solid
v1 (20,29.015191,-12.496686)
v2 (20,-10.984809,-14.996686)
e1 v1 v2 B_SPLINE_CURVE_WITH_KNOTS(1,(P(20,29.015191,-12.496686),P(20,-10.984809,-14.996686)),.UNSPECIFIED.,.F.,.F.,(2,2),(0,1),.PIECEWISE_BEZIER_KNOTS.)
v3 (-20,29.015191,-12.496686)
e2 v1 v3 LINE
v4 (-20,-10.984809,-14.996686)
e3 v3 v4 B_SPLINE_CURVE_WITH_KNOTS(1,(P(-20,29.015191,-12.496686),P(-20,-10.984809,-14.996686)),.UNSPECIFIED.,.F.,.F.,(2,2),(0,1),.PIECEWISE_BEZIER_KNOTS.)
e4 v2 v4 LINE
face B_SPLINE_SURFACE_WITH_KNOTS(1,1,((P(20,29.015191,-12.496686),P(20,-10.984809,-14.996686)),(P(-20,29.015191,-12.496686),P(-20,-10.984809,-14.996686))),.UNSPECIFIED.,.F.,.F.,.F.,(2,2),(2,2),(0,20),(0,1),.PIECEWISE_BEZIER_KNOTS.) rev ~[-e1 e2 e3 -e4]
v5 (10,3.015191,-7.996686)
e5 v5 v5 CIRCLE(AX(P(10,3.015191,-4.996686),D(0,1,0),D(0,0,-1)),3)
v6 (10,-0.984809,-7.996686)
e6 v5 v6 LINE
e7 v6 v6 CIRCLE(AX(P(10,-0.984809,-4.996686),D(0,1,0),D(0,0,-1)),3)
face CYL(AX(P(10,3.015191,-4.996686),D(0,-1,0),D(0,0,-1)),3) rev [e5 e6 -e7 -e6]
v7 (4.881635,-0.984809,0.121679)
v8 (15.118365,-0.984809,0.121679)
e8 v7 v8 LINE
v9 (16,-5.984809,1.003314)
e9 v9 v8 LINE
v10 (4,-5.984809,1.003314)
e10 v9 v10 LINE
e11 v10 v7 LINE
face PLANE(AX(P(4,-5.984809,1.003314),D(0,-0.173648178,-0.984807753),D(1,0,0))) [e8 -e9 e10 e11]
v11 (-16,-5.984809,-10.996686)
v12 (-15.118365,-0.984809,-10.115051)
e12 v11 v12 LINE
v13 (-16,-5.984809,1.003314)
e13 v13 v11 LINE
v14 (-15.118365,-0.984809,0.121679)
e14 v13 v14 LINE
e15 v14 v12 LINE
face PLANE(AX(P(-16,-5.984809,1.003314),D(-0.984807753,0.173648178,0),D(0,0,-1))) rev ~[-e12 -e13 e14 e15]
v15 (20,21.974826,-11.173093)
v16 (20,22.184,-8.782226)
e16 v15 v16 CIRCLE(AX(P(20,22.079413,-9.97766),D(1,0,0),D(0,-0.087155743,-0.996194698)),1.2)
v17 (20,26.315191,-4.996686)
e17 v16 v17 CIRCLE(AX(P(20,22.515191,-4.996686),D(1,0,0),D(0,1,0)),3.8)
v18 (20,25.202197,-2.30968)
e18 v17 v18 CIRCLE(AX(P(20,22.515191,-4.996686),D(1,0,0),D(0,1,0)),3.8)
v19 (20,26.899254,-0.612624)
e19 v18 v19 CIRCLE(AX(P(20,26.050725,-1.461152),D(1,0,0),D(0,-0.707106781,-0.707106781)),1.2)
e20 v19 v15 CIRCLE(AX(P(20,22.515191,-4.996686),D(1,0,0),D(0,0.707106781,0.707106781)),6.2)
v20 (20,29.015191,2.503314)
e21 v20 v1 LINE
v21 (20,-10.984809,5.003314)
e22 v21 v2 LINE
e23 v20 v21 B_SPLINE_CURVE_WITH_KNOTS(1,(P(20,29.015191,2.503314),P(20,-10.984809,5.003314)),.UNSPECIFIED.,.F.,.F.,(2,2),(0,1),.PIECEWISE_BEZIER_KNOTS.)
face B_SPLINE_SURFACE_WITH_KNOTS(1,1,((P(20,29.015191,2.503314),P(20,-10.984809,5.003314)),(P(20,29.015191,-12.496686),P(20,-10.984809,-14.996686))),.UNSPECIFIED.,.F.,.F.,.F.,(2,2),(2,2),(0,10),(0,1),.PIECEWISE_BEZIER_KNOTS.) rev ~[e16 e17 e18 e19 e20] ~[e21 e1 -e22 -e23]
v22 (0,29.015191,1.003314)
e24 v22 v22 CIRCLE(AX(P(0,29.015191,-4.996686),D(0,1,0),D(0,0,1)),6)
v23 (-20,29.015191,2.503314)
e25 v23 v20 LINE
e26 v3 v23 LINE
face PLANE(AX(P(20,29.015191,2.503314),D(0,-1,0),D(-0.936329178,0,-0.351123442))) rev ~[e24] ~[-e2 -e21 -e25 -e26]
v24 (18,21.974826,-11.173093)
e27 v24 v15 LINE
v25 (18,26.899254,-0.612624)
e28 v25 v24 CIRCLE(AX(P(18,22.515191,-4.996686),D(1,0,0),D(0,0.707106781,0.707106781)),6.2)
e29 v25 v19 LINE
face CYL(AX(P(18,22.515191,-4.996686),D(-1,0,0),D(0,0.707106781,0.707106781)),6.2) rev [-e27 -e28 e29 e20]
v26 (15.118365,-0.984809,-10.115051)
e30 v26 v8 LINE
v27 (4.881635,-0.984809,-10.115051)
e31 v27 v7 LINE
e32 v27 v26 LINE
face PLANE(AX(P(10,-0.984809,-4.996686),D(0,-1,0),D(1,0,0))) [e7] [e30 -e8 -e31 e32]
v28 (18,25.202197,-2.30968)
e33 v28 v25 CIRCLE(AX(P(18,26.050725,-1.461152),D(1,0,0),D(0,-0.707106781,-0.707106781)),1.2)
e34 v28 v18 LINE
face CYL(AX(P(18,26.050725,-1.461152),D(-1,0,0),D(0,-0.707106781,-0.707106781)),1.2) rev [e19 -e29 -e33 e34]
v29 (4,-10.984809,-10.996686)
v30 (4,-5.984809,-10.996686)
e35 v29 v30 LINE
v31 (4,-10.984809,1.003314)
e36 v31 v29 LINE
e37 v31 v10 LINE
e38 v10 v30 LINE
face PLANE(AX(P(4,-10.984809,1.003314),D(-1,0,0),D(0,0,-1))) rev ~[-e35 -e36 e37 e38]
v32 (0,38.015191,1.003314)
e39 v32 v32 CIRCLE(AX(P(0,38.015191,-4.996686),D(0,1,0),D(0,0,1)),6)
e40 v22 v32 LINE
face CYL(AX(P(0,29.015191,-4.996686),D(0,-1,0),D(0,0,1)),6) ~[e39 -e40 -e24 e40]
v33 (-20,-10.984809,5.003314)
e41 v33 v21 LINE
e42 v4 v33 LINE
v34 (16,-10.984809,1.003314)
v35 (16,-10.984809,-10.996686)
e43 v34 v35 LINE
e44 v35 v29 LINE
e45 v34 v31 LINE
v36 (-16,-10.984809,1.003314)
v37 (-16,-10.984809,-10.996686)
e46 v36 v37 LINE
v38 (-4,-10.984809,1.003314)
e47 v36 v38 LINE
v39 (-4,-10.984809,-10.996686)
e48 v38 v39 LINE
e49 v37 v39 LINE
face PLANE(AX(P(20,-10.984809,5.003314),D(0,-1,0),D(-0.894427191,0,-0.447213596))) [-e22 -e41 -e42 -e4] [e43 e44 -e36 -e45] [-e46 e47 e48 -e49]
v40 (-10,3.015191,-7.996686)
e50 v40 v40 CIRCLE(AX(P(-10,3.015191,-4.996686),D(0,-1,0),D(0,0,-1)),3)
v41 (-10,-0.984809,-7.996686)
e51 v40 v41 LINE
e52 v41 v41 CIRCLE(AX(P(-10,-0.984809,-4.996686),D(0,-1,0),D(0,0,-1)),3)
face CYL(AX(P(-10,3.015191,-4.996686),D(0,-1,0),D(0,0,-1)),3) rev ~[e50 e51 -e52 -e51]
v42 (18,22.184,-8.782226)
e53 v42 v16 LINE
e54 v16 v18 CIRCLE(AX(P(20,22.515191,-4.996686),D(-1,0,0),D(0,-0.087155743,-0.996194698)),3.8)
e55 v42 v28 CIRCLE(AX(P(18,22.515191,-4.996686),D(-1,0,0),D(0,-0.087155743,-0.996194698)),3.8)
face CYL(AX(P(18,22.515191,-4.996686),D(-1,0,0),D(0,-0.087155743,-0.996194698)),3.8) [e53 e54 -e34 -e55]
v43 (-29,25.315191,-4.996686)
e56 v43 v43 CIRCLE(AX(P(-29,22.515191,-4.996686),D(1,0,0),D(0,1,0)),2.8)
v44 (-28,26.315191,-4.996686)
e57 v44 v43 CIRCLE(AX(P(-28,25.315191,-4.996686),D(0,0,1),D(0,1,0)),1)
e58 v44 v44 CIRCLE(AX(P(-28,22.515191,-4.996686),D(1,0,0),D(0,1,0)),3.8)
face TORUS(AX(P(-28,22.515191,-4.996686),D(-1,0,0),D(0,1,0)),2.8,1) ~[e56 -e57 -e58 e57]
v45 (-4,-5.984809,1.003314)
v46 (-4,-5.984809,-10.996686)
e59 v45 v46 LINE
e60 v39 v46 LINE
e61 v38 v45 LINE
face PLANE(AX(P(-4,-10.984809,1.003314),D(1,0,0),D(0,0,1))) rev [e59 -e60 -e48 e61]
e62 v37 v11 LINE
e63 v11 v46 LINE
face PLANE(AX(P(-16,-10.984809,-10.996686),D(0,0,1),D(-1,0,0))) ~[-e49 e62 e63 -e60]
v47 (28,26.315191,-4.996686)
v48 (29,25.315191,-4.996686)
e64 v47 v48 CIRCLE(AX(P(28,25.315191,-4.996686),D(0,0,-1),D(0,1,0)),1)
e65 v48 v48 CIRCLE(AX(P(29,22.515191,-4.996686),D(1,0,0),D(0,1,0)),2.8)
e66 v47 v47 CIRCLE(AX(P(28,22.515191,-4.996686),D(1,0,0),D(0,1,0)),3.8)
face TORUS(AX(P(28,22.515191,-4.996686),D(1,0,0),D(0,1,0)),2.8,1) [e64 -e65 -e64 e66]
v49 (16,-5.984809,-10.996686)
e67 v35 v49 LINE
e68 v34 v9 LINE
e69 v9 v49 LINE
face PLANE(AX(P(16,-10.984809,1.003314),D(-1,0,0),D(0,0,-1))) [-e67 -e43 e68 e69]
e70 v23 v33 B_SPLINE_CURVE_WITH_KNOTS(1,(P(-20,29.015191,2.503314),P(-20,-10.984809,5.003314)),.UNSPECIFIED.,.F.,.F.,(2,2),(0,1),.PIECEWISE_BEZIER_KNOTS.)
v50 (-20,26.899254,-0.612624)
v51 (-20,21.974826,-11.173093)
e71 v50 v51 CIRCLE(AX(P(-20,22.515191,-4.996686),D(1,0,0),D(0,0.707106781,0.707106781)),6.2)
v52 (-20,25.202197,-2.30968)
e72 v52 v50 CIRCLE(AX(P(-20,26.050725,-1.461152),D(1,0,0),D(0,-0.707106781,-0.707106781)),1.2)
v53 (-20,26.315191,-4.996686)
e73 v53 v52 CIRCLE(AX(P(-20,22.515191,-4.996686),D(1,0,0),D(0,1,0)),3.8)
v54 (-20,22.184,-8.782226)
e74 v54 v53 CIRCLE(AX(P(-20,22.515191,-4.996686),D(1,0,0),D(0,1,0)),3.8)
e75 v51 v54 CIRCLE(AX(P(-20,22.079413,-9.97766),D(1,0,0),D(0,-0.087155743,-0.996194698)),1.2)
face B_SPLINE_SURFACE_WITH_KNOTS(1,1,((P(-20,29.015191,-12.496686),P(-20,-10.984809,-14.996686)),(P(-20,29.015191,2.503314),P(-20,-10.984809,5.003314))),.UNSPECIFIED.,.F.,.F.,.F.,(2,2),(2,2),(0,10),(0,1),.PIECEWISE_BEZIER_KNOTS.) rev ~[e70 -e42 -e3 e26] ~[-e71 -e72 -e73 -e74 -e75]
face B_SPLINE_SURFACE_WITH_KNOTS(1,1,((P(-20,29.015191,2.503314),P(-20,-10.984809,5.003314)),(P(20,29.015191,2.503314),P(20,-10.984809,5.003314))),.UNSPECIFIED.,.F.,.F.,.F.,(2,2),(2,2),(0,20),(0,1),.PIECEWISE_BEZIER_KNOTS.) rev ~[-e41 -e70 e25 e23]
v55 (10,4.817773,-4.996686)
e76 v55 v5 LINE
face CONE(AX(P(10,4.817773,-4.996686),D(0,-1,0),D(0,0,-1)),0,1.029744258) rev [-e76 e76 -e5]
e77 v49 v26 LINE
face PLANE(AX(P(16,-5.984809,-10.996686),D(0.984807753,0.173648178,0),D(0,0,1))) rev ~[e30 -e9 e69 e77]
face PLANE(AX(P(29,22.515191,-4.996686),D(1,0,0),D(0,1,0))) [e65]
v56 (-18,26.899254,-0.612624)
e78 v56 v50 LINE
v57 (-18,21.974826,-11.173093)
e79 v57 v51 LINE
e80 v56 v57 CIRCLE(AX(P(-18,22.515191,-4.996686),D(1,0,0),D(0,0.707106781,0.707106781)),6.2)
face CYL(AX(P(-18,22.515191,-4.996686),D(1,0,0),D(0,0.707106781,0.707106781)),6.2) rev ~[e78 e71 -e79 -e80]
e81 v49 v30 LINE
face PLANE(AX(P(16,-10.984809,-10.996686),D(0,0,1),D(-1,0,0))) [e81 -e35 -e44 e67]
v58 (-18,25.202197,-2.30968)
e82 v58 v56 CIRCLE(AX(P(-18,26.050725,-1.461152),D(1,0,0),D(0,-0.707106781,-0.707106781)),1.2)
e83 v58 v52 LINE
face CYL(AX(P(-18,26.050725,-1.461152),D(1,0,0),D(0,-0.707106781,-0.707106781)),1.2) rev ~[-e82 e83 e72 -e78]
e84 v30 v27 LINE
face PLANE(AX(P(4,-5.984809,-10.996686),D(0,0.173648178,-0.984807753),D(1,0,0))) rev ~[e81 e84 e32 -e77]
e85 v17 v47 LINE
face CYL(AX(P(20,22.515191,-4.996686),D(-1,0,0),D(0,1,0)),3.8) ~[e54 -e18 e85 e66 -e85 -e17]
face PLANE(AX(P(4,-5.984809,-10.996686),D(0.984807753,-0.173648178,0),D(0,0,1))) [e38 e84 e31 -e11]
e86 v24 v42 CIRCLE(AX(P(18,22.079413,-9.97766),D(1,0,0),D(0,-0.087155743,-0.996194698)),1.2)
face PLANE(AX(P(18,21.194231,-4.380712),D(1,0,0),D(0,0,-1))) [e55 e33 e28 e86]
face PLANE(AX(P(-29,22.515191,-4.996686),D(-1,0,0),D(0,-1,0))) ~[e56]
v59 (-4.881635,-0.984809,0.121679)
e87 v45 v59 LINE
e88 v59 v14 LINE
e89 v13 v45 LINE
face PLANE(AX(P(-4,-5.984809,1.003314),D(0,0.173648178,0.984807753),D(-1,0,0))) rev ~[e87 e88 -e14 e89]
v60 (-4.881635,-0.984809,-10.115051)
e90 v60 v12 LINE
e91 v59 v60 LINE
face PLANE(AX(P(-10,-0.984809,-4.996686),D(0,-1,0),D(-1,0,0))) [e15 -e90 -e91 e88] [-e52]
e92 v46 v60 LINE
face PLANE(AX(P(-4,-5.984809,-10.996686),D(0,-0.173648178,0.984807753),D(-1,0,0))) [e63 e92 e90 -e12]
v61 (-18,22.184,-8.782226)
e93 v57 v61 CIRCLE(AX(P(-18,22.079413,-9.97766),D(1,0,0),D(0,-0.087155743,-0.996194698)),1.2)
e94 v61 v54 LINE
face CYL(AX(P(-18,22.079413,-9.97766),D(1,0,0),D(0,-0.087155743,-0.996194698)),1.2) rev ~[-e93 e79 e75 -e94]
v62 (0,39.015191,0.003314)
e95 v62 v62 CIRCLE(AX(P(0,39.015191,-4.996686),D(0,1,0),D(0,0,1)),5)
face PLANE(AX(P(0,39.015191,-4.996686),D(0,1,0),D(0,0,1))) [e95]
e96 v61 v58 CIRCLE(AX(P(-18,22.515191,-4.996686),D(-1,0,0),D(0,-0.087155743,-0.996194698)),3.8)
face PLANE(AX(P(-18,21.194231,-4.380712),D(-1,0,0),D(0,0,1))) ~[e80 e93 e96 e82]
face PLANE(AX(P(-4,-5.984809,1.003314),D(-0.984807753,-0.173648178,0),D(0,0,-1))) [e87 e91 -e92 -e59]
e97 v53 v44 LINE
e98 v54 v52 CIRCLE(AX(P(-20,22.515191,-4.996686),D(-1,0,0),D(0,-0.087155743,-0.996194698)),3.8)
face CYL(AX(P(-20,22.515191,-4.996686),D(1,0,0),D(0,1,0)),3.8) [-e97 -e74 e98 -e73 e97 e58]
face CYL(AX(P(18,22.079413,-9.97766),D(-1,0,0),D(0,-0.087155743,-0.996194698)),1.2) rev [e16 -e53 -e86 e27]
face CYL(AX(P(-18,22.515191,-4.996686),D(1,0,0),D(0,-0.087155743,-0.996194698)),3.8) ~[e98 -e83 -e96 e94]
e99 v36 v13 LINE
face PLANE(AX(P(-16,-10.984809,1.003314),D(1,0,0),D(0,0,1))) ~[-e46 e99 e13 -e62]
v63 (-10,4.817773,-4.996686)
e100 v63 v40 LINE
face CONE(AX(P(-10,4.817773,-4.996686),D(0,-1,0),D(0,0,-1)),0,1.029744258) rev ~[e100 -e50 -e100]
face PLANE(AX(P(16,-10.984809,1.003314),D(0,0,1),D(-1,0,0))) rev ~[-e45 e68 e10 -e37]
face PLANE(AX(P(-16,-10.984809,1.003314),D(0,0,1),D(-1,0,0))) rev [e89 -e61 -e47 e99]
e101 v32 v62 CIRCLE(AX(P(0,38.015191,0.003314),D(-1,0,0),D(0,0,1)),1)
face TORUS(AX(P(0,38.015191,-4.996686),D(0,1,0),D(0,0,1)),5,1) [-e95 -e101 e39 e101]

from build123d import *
from build123d.topology import SkipClean

# Parameters (mm, degrees)
SKETCH13_R                                  = 3
HEAD_PIN_DEPTH                              = 5
SKETCH2_W                                   = 6
SKETCH2_H                                   = 6
HIP_HOLE_PART_1_DEPTH                       = 2.5
SKETCH3_W                                   = 6
SKETCH3_H                                   = 6
HIP_HOLE_PART_2_DEPTH                       = 2.5
HIP_HOLE_PART_2_DRAFT                       = -10
SKETCH14_R                                  = 1.9
ARM_PIN_DEPTH                               = 4.5
ARM_START                                   = -1
ARM_POSITION_SLOT_DEPTH                     = 1
EASY_ARM_INSERT_R                           = 0.5
COPYING_OVER_ARM_AND_HIP_CONNECTORS_COPY_W  = 6
COPYING_OVER_ARM_AND_HIP_CONNECTORS_COPY_H  = 6
COPYING_OVER_ARM_AND_HIP_CONNECTORS_2_DEPTH = 2.5
COPYING_OVER_ARM_AND_HIP_CONNECTORS_2_DRAFT = -10
EASY_ARM_INSERT_OF_COPYING_OVER_ARM_AND_R   = 0.5
EASY_HEAD_INSERT_R                          = 0.5
SCALE1_SCALE                                = 2


with BuildPart() as part:
    # 3DSketch1 → Body section 0
    with BuildSketch(Plane(origin=(10, 20, -1.25), x_dir=(-0.9363291775690445, 0, -0.35112344158839165), z_dir=(0, -1, 0))):
        with BuildLine():
            Line((0, 0), (2.633425812, 7.022468832))
            Line((2.633425812, 7.022468832), (21.360009363, 0))
            Line((21.360009363, 0), (18.726583551, -7.022468832))
            Line((18.726583551, -7.022468832), (0, 0))
        make_face()
    # Sketch1 → Body section 1
    with BuildSketch(Plane(origin=(0, 0, 0), x_dir=(1, 0, 0), z_dir=(0, 1, 0))):
        with BuildLine():
            Line((-10, 0), (10, 0))
            Line((10, 0), (10, 10))
            Line((10, 10), (-10, 10))
            Line((-10, 10), (-10, 0))
        make_face()
    loft()

    # Sketch13 → Head pin (add)
    with BuildSketch(Plane(origin=(0, 20, 0), x_dir=(1, 0, 0), z_dir=(0, 1, 0))):
        with Locations(Location((0, 5, 0), (0, 0, 270))):
            Circle(SKETCH13_R)
    extrude(amount=HEAD_PIN_DEPTH)

    # Sketch2 → Hip hole part 1 (cut)
    with BuildSketch(Plane(origin=(0, 0, 0), x_dir=(-1, 0, 0), z_dir=(0, -1, 0))):
        with Locations((-5, 5)):
            Rectangle(SKETCH2_W, SKETCH2_H)
    hip_hole_part_1 = extrude(amount=-HIP_HOLE_PART_1_DEPTH, mode=Mode.SUBTRACT)


with BuildPart() as hip_hole_part_2_tool:
    # Sketch3 → Hip hole part 2 (with draft: the straight prism first)
    with BuildSketch(Plane.XZ.offset(-2.5)):
        with Locations((5, -5)):
            Rectangle(SKETCH3_W, SKETCH3_H)
    extrude(amount=-HIP_HOLE_PART_2_DEPTH)
    # Hip hole part 2: the draft: its side faces are tilted about the plane it starts from
    hip_hole_part_2_sides = [hip_hole_part_2_tool.faces().sort_by_distance(p)[0] for p in [
        (8, 3.75, -5),
        (5, 3.75, -2),
        (2, 3.75, -5),
        (5, 3.75, -8),
    ]]
    draft(hip_hole_part_2_sides, Plane.XZ.offset(-2.5), HIP_HOLE_PART_2_DRAFT)


with BuildPart() as part_1:
    add(part.part)

    # Hip hole part 2: cut by hip_hole_part_2_tool
    add(hip_hole_part_2_tool.part, mode=Mode.SUBTRACT)

    # Sketch18 → Weight reduction/Make it easy to add centerlines (revolve, cut)
    with BuildSketch(Plane(origin=(5, 5, -5), x_dir=(0, 0, -1), z_dir=(1, 0, 0))):
        Polygon((0, 0), (0, 2.901290929), (1.5, 2), (1.5, 0), align=None)
    weight_reduction_make_it_easy_to_add_cen = revolve(axis=Axis((5, -1.35, -5), (0, 1, 0)), mode=Mode.SUBTRACT)

    # Sketch14 → Arm pin (add)
    with BuildSketch(Plane(origin=(10, 0, 0), x_dir=(0, 0, -1), z_dir=(1, 0, 0))):
        with Locations(Location((5, 16.75, 0), (0, 0, 90))):
            Circle(SKETCH14_R)
    arm_pin = extrude(amount=ARM_PIN_DEPTH)

    # Sketch15 → Arm position slot (cut)
    with SkipClean():  # the faces are left unmerged after this step: merging them gives an invalid solid
        with BuildSketch(Plane(origin=(10, 0, 0), x_dir=(0, 0, -1), z_dir=(1, 0, 0)).offset(ARM_START)):
            with BuildLine():
                ThreePointArc((2.807968978, 18.942031022), (3.689883389, 13.94044586), (8.088203564, 16.479817197))
                ThreePointArc((8.088203564, 16.479817197), (7.542780191, 17.129827462), (6.892769926, 16.584404089))
                ThreePointArc((6.892769926, 16.584404089), (4.197025303, 15.028015205), (3.656497116, 18.093502884))
                ThreePointArc((3.656497116, 18.093502884), (3.656497116, 18.942031022), (2.807968978, 18.942031022))
            make_face()
        arm_position_slot = extrude(amount=ARM_POSITION_SLOT_DEPTH, mode=Mode.SUBTRACT)

    # Easy arm insert
    easy_arm_insert_edges = [part_1.edges().sort_by_distance(p)[0] for p in [
        (14.5, 14.85, -5),
    ]]
    fillet(easy_arm_insert_edges, radius=EASY_ARM_INSERT_R)

    # Copying over arm and hip connectors: Hip hole part 1, Weight reduction/Make it easy to add centerlines, Arm pin, Arm position slot across plane
    with SkipClean():  # the faces are left unmerged after this step: merging them gives an invalid solid
        add(hip_hole_part_1.mirror(Plane(origin=(0, 0, 0), x_dir=(0, 0, 1), z_dir=(1, 0, 0))), mode=Mode.SUBTRACT)
        add(weight_reduction_make_it_easy_to_add_cen.mirror(Plane(origin=(0, 0, 0), x_dir=(0, 0, 1), z_dir=(1, 0, 0))), mode=Mode.SUBTRACT)
        add(arm_pin.mirror(Plane(origin=(0, 0, 0), x_dir=(0, 0, 1), z_dir=(1, 0, 0))))
        add(arm_position_slot.mirror(Plane(origin=(0, 0, 0), x_dir=(0, 0, 1), z_dir=(1, 0, 0))), mode=Mode.SUBTRACT)


with BuildPart() as copying_over_arm_and_hip_connectors_2_tool:
    # Copying over arm and hip connectors copy → Copying over arm and hip connectors  2 (with draft: the straight prism first)
    with BuildSketch(Plane(origin=(0, 2.5, 0), x_dir=(-1, 0, 0), z_dir=(0, -1, 0))):
        with Locations((5, 5)):
            Rectangle(COPYING_OVER_ARM_AND_HIP_CONNECTORS_COPY_W, COPYING_OVER_ARM_AND_HIP_CONNECTORS_COPY_H)
    extrude(amount=-COPYING_OVER_ARM_AND_HIP_CONNECTORS_2_DEPTH)
    # Copying over arm and hip connectors  2: the draft: its side faces are tilted about the plane it starts from
    copying_over_arm_and_hip_connectors_2_sides = [copying_over_arm_and_hip_connectors_2_tool.faces().sort_by_distance(p)[0] for p in [
        (-8, 3.75, -5),
        (-5, 3.75, -2),
        (-2, 3.75, -5),
        (-5, 3.75, -8),
    ]]
    draft(copying_over_arm_and_hip_connectors_2_sides, Plane(origin=(0, 2.5, 0), x_dir=(-1, 0, 0), z_dir=(0, -1, 0)), COPYING_OVER_ARM_AND_HIP_CONNECTORS_2_DRAFT)


with BuildPart() as part_2:
    add(part_1.part)

    # Copying over arm and hip connectors  2: cut by copying_over_arm_and_hip_connectors_2_tool
    add(copying_over_arm_and_hip_connectors_2_tool.part, mode=Mode.SUBTRACT)

    # Easy arm insert of Copying over arm and
    easy_arm_insert_of_copying_over_arm_and_edges = [part_2.edges().sort_by_distance(p)[0] for p in [
        (-14.5, 14.85, -5),
    ]]
    fillet(easy_arm_insert_of_copying_over_arm_and_edges, radius=EASY_ARM_INSERT_OF_COPYING_OVER_ARM_AND_R)

    # Easy head insert
    easy_head_insert_edges = [part_2.edges().sort_by_distance(p)[0] for p in [
        (0, 25, -8),
    ]]
    fillet(easy_head_insert_edges, radius=EASY_HEAD_INSERT_R)


with BuildPart() as part_3:
    # Scale1: scaled about (2e-09, 10.984808506, -5.003313796)
    add(part_2.part.scale(SCALE1_SCALE).moved(Location((-2e-09, -10.984808506, 5.003313796))))


solid = part_3.part
